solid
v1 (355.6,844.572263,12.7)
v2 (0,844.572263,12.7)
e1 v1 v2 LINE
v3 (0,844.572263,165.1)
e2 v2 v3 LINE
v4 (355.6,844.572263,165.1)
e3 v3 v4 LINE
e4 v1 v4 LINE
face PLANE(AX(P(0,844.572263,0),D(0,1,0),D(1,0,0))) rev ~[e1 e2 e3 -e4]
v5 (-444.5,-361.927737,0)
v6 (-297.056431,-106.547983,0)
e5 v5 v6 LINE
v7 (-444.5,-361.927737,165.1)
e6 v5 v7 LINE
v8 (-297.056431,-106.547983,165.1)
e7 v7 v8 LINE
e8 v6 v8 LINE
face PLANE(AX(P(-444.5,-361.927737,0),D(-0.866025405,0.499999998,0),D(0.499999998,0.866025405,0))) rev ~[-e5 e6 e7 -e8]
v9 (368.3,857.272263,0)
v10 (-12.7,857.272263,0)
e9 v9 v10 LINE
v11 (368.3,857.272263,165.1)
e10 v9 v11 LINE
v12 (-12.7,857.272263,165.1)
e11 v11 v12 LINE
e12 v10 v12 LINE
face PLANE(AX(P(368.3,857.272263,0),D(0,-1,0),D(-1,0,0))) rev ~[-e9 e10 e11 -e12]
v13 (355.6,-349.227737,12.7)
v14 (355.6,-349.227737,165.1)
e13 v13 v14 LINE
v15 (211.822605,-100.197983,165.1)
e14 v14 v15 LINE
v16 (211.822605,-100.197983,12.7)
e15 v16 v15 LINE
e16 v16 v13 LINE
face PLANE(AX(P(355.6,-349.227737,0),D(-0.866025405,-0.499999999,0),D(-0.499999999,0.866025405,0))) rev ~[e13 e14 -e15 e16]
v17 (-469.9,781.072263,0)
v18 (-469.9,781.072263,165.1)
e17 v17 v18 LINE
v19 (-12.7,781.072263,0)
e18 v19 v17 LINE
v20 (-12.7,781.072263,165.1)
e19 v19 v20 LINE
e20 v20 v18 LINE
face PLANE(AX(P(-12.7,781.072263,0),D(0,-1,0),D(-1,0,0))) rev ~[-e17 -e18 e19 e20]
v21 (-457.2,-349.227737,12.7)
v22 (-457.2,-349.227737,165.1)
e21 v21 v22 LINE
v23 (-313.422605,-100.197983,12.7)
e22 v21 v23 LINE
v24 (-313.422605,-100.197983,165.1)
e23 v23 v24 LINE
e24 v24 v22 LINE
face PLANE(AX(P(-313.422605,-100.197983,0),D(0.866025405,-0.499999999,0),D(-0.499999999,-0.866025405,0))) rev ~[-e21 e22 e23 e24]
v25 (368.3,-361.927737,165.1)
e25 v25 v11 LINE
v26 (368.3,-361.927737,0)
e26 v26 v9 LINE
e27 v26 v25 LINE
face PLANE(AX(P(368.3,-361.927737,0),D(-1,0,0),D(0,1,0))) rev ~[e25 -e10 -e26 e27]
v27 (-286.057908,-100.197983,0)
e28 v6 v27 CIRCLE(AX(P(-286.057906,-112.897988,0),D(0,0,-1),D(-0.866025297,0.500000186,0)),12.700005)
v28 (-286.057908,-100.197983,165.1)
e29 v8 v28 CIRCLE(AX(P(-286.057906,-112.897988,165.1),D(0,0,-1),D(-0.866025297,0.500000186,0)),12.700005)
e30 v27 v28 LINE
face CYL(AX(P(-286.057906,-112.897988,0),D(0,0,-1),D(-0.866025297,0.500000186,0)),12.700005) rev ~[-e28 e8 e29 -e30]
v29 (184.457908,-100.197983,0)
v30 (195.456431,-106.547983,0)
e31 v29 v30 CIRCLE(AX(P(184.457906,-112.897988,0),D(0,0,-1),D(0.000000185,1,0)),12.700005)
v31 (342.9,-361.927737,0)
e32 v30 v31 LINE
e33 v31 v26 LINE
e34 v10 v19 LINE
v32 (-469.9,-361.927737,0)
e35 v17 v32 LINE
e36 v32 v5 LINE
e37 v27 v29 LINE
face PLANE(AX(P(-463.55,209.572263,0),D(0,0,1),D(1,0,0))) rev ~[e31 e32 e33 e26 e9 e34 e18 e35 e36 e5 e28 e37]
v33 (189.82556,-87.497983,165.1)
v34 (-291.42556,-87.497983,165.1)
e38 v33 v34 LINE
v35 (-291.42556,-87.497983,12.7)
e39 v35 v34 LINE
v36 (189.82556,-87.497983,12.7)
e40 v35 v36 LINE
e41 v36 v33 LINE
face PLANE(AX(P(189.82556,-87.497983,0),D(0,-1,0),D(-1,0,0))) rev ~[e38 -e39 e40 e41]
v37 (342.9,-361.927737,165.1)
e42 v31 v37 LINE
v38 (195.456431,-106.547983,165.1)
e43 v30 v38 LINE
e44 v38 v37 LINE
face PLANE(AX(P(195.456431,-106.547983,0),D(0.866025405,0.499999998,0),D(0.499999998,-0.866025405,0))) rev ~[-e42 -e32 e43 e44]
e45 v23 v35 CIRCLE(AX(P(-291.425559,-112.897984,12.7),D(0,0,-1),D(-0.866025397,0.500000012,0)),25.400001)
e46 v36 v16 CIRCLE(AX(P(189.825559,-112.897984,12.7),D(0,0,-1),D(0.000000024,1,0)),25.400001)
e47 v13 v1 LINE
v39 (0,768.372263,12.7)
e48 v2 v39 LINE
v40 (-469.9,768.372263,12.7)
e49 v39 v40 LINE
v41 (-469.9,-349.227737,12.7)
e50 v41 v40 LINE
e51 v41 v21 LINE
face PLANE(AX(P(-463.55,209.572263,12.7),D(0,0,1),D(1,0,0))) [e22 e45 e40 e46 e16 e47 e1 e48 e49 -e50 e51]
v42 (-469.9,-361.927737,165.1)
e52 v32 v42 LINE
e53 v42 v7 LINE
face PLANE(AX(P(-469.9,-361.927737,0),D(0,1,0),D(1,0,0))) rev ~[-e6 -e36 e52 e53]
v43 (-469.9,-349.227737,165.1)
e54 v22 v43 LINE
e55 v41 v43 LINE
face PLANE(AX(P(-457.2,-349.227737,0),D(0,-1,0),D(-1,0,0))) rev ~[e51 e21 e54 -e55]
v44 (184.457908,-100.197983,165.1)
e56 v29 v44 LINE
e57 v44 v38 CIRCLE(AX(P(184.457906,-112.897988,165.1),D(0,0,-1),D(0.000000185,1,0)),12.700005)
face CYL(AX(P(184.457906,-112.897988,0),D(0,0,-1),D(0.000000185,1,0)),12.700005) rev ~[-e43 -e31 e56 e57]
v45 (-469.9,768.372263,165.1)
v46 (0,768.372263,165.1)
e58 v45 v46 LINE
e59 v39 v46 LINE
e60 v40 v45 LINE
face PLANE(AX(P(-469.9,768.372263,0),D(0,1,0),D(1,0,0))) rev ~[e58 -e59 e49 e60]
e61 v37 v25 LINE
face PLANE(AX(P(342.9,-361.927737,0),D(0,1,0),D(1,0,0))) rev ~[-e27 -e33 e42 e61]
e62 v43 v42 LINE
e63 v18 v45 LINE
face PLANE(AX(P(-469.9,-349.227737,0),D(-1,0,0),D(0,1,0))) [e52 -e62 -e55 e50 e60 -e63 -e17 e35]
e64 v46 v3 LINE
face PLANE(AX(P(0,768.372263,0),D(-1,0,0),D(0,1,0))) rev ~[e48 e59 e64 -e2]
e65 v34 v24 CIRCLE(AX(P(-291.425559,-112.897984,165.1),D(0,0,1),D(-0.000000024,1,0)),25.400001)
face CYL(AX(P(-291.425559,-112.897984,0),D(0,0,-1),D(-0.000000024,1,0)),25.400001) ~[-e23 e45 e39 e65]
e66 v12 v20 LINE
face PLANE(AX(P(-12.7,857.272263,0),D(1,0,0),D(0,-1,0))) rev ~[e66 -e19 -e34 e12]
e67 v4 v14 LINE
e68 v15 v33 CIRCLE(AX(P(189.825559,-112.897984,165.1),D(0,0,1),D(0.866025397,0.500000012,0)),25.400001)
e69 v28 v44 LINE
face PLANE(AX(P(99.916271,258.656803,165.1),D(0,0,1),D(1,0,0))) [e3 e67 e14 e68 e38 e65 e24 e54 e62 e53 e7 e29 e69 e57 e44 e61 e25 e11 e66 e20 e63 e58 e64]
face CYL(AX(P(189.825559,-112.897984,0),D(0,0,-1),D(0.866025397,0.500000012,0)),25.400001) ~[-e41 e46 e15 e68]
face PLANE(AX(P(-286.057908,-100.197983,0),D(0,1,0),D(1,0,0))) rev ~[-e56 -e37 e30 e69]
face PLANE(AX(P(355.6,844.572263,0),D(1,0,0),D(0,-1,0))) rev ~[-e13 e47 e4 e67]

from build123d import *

# Parameters (mm, degrees)
F1_DEPTH = 165.1
F2_DEPTH = 12.7
F0_W     = 12.7
F0_H     = 1117.6
F3_DEPTH = 12.7


with BuildPart() as f1:
    # F0 (on Top) → F1 (new body)
    with BuildSketch(Plane.XY):
        with BuildLine():
            Line((342.9, -361.927737), (368.3, -361.927737))
            Line((368.3, -361.927737), (368.3, 857.272263))
            Line((368.3, 857.272263), (-12.7, 857.272263))
            Line((-12.7, 857.272263), (-12.7, 781.072263))
            Line((-12.7, 781.072263), (-469.9, 781.072263))
            Line((-469.9, 781.072263), (-469.9, 768.372263))
            Line((-469.9, 768.372263), (-457.2, 768.372263))
            Line((-457.2, 768.372263), (0, 768.372263))
            Line((0, 768.372263), (0, 819.172263))
            Line((0, 819.172263), (0, 844.572263))
            Line((0, 844.572263), (355.6, 844.572263))
            Line((355.6, 844.572263), (355.6, -349.227737))
            Line((355.6, -349.227737), (211.822605, -100.197983))
            ThreePointArc((211.822605, -100.197983), (202.52556, -90.900938), (189.82556, -87.497983))
            Line((189.82556, -87.497983), (-291.42556, -87.497983))
            ThreePointArc((-291.42556, -87.497983), (-304.12556, -90.900938), (-313.422605, -100.197983))
            Line((-313.422605, -100.197983), (-457.2, -349.227737))
            Line((-457.2, -349.227737), (-469.9, -349.227737))
            Line((-469.9, -349.227737), (-469.9, -361.927737))
            Line((-469.9, -361.927737), (-444.5, -361.927737))
            Line((-444.5, -361.927737), (-297.056431, -106.547983))
            ThreePointArc((-297.056431, -106.547983), (-292.407908, -101.899461), (-286.057908, -100.197983))
            Line((-286.057908, -100.197983), (184.457908, -100.197983))
            ThreePointArc((184.457908, -100.197983), (190.807908, -101.899461), (195.456431, -106.547983))
            Line((195.456431, -106.547983), (342.9, -361.927737))
        make_face()
    extrude(amount=F1_DEPTH)

    # F0 (on Top) → F2 (join)
    with BuildSketch(Plane.XY):
        with BuildLine():
            Line((0, 768.372263), (-457.2, 768.372263))
            Line((-457.2, 768.372263), (-457.2, -349.227737))
            Line((-457.2, -349.227737), (-313.422605, -100.197983))
            ThreePointArc((-313.422605, -100.197983), (-304.12556, -90.900938), (-291.42556, -87.497983))
            Line((-291.42556, -87.497983), (189.82556, -87.497983))
            ThreePointArc((189.82556, -87.497983), (202.52556, -90.900938), (211.822605, -100.197983))
            Line((211.822605, -100.197983), (355.6, -349.227737))
            Line((355.6, -349.227737), (355.6, 844.572263))
            Line((355.6, 844.572263), (0, 844.572263))
            Line((0, 844.572263), (0, 819.172263))
            Line((0, 819.172263), (0, 768.372263))
        make_face()
    extrude(amount=F2_DEPTH)

    # F0 (on Top) → F3 (join)
    with BuildSketch(Plane.XY):
        with Locations((-463.55, 209.572263)):
            Rectangle(F0_W, F0_H)
    extrude(amount=F3_DEPTH)


solid = f1.part
